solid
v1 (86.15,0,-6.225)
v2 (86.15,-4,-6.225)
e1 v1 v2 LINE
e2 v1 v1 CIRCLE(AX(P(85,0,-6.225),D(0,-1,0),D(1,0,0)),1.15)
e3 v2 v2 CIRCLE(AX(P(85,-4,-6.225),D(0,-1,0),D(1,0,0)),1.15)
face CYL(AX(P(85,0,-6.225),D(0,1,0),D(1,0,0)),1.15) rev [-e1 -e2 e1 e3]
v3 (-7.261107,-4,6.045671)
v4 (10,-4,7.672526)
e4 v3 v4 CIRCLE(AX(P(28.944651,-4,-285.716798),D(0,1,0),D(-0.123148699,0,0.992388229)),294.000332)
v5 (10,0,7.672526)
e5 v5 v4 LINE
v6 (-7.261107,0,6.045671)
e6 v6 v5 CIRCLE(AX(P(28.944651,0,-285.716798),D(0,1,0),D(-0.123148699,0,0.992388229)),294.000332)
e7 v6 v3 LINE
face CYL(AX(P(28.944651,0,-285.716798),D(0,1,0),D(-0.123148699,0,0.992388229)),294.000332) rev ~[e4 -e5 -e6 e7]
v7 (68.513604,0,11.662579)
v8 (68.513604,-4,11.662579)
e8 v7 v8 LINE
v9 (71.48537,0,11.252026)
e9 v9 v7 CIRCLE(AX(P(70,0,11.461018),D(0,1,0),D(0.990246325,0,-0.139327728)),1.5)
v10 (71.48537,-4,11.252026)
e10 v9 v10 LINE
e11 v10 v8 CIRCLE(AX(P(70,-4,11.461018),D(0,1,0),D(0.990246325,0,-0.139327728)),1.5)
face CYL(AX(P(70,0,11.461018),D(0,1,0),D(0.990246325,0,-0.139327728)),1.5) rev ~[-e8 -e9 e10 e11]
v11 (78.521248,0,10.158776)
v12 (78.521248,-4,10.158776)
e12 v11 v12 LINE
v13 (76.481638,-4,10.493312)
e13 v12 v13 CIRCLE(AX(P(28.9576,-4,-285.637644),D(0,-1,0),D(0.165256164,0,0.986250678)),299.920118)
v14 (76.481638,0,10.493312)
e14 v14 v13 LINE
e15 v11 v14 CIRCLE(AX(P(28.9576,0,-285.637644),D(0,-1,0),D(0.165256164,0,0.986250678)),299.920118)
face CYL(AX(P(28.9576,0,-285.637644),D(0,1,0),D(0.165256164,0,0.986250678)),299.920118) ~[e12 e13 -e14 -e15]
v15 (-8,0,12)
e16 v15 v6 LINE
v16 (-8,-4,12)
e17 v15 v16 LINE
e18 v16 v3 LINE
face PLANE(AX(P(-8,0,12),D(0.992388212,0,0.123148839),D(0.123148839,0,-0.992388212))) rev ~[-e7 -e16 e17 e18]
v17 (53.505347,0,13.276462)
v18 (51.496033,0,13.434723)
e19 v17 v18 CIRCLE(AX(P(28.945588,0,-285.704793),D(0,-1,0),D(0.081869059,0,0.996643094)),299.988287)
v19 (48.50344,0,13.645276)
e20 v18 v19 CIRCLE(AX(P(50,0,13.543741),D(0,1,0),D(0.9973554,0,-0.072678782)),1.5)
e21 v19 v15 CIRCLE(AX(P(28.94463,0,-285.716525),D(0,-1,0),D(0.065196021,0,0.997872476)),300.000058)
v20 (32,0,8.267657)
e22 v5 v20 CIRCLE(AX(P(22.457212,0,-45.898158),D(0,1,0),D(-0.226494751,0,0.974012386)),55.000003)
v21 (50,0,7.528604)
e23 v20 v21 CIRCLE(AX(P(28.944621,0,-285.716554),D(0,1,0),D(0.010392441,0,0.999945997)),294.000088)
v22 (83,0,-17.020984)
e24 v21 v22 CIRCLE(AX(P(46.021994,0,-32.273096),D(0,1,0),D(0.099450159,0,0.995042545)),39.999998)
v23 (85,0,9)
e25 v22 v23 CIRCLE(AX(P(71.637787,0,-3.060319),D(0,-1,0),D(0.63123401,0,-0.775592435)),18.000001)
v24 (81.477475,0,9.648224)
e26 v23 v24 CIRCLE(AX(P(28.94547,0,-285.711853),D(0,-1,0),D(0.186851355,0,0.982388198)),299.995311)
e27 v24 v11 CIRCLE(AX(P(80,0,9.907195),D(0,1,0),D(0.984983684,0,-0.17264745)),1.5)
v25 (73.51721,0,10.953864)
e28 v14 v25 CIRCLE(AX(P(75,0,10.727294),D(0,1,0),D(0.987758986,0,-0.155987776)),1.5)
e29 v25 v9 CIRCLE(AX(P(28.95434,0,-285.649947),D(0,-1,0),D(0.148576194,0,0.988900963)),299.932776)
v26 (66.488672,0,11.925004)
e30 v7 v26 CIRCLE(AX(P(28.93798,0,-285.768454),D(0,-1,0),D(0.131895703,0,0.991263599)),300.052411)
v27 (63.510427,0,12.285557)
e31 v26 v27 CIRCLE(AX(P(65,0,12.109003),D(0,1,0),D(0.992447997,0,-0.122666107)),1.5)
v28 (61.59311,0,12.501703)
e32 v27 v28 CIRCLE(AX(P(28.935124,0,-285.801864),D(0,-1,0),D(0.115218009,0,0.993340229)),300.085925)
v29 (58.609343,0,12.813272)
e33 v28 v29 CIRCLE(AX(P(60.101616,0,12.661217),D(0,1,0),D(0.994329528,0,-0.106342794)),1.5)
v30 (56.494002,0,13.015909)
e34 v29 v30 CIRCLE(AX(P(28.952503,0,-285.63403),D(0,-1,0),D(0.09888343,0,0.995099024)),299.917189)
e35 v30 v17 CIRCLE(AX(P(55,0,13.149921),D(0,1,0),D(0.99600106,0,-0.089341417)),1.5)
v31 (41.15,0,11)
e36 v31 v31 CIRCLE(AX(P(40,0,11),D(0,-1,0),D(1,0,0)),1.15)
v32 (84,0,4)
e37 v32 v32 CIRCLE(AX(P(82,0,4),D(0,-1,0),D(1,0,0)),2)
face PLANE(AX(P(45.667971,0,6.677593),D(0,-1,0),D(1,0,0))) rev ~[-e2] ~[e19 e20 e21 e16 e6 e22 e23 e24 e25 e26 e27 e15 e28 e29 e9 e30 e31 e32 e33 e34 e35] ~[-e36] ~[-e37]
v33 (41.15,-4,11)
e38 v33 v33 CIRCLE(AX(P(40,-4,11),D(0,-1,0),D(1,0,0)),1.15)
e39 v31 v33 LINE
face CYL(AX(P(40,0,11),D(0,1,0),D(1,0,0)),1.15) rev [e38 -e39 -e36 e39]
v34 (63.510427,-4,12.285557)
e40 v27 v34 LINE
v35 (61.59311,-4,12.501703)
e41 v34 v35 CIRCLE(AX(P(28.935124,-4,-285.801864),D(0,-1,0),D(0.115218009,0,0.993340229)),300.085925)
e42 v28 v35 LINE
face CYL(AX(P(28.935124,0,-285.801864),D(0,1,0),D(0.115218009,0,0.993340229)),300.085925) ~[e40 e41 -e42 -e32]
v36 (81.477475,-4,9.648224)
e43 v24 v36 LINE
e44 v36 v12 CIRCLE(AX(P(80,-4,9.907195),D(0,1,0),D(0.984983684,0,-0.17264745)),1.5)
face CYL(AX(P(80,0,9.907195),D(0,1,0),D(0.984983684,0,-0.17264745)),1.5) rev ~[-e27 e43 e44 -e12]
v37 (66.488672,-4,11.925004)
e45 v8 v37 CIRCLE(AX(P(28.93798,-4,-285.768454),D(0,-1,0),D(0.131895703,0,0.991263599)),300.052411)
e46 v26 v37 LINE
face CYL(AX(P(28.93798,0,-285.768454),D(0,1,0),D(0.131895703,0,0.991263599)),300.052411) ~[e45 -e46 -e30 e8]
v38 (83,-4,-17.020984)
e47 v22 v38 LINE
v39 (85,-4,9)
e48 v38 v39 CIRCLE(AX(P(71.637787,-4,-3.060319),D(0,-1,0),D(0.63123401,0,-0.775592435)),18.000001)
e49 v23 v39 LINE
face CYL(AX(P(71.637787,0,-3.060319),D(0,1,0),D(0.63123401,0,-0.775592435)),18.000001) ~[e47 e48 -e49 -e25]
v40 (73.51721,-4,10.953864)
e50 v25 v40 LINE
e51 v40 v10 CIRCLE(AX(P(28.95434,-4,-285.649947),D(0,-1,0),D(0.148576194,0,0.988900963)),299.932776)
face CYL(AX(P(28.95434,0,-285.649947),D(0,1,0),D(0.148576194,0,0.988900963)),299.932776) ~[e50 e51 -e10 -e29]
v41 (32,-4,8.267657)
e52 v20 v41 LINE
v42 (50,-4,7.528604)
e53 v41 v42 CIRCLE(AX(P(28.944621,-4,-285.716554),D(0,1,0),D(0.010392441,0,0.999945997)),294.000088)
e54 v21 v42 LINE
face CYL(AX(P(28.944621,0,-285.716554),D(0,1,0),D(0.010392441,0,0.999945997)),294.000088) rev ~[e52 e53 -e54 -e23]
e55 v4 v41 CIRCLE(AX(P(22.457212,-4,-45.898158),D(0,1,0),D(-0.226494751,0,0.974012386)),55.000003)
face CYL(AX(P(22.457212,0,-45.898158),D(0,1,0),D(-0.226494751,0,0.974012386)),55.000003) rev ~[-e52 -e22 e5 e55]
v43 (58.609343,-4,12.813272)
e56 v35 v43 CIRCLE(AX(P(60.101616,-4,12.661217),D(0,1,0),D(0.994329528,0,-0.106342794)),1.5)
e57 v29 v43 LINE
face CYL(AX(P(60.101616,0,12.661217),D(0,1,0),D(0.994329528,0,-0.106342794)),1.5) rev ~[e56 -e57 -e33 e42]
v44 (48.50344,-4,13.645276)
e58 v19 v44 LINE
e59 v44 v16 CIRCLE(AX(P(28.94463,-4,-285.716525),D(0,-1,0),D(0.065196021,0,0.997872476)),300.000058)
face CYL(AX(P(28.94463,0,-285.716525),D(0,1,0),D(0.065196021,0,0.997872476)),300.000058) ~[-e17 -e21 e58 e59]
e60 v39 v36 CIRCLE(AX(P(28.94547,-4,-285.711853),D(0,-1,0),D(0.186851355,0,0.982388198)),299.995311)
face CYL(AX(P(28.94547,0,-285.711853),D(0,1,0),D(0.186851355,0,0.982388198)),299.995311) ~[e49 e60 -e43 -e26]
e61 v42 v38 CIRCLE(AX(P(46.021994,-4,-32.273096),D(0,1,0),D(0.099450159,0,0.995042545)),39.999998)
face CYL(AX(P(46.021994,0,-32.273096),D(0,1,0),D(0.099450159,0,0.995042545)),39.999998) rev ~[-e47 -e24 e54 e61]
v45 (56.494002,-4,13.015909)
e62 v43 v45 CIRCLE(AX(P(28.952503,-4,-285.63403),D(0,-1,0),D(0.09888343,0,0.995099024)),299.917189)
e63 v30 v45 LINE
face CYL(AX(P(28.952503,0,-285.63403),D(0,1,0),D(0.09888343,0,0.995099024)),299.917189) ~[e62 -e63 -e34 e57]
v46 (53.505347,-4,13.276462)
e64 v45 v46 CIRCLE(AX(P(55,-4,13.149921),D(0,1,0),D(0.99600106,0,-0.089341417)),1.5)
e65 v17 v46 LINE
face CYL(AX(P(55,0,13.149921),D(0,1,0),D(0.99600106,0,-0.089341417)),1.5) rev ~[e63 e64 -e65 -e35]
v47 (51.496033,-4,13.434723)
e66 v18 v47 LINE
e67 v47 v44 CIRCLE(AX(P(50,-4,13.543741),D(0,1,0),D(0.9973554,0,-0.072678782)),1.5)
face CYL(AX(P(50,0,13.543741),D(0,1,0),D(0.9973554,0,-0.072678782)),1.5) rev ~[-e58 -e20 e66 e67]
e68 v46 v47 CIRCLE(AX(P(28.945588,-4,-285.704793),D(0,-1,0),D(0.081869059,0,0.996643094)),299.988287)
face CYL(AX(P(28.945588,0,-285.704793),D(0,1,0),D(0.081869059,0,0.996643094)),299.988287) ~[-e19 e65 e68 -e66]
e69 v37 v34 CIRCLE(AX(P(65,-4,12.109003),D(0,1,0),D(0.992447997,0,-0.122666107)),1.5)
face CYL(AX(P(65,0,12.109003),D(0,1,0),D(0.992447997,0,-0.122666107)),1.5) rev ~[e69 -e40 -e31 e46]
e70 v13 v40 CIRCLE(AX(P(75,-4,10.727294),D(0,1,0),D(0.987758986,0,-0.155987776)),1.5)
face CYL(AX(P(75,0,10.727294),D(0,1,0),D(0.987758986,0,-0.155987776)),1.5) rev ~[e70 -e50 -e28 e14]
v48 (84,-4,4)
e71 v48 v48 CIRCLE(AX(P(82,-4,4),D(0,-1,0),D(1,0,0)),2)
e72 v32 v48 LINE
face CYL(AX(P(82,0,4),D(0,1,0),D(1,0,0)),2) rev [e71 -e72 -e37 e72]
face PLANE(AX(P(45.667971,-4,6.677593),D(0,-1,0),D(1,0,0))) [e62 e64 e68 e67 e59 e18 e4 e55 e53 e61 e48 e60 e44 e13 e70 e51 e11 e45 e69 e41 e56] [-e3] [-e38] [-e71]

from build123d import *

# Parameters (mm, degrees)
F0_R     = 1.15
F0_R_2   = 2
F1_DEPTH = 4


with BuildPart() as f1:
    # F0 (on Front) → F1 (new body)
    with BuildSketch(Plane.XZ):
        with BuildLine():
            ThreePointArc((83, -17.020984), (89.584854, -4.43975), (85, 9))
            ThreePointArc((85, 9), (83.239705, 9.329369), (81.477475, 9.648224))
            ThreePointArc((81.477475, 9.648224), (79.744723, 8.429077), (78.521248, 10.158776))
            ThreePointArc((78.521248, 10.158776), (77.501731, 10.327801), (76.481638, 10.493312))
            ThreePointArc((76.481638, 10.493312), (74.769723, 9.245075), (73.51721, 10.953864))
            ThreePointArc((73.51721, 10.953864), (72.501545, 11.104684), (71.48537, 11.252026))
            ThreePointArc((71.48537, 11.252026), (69.794723, 9.97513), (68.513604, 11.662579))
            ThreePointArc((68.513604, 11.662579), (67.501361, 11.795514), (66.488672, 11.925004))
            ThreePointArc((66.488672, 11.925004), (64.819723, 10.619876), (63.510427, 12.285557))
            ThreePointArc((63.510427, 12.285557), (62.551942, 12.395171), (61.59311, 12.501703))
            ThreePointArc((61.59311, 12.501703), (59.945831, 11.169329), (58.609343, 12.813272))
            ThreePointArc((58.609343, 12.813272), (57.551852, 12.916464), (56.494002, 13.015909))
            ThreePointArc((56.494002, 13.015909), (54.869723, 11.655589), (53.505347, 13.276462))
            ThreePointArc((53.505347, 13.276462), (52.500823, 13.35728), (51.496033, 13.434723))
            ThreePointArc((51.496033, 13.434723), (49.894723, 12.04744), (48.50344, 13.645276))
            ThreePointArc((48.50344, 13.645276), (20.212883, 14.156434), (-8, 12))
            Line((-8, 12), (-7.261107, 6.045671))
            ThreePointArc((-7.261107, 6.045671), (1.357451, 6.986365), (10, 7.672526))
            ThreePointArc((10, 7.672526), (20.969929, 9.081732), (32, 8.267657))
            ThreePointArc((32, 8.267657), (41.005662, 8.036034), (50, 7.528604))
            ThreePointArc((50, 7.528604), (69.897071, -0.179786), (83, -17.020984))
        make_face()
        with Locations((85, -6.225)):
            Circle(F0_R, mode=Mode.SUBTRACT)
        with Locations((40, 11)):
            Circle(F0_R, mode=Mode.SUBTRACT)
        with Locations((82, 4)):
            Circle(F0_R_2, mode=Mode.SUBTRACT)
    extrude(amount=F1_DEPTH)


solid = f1.part
